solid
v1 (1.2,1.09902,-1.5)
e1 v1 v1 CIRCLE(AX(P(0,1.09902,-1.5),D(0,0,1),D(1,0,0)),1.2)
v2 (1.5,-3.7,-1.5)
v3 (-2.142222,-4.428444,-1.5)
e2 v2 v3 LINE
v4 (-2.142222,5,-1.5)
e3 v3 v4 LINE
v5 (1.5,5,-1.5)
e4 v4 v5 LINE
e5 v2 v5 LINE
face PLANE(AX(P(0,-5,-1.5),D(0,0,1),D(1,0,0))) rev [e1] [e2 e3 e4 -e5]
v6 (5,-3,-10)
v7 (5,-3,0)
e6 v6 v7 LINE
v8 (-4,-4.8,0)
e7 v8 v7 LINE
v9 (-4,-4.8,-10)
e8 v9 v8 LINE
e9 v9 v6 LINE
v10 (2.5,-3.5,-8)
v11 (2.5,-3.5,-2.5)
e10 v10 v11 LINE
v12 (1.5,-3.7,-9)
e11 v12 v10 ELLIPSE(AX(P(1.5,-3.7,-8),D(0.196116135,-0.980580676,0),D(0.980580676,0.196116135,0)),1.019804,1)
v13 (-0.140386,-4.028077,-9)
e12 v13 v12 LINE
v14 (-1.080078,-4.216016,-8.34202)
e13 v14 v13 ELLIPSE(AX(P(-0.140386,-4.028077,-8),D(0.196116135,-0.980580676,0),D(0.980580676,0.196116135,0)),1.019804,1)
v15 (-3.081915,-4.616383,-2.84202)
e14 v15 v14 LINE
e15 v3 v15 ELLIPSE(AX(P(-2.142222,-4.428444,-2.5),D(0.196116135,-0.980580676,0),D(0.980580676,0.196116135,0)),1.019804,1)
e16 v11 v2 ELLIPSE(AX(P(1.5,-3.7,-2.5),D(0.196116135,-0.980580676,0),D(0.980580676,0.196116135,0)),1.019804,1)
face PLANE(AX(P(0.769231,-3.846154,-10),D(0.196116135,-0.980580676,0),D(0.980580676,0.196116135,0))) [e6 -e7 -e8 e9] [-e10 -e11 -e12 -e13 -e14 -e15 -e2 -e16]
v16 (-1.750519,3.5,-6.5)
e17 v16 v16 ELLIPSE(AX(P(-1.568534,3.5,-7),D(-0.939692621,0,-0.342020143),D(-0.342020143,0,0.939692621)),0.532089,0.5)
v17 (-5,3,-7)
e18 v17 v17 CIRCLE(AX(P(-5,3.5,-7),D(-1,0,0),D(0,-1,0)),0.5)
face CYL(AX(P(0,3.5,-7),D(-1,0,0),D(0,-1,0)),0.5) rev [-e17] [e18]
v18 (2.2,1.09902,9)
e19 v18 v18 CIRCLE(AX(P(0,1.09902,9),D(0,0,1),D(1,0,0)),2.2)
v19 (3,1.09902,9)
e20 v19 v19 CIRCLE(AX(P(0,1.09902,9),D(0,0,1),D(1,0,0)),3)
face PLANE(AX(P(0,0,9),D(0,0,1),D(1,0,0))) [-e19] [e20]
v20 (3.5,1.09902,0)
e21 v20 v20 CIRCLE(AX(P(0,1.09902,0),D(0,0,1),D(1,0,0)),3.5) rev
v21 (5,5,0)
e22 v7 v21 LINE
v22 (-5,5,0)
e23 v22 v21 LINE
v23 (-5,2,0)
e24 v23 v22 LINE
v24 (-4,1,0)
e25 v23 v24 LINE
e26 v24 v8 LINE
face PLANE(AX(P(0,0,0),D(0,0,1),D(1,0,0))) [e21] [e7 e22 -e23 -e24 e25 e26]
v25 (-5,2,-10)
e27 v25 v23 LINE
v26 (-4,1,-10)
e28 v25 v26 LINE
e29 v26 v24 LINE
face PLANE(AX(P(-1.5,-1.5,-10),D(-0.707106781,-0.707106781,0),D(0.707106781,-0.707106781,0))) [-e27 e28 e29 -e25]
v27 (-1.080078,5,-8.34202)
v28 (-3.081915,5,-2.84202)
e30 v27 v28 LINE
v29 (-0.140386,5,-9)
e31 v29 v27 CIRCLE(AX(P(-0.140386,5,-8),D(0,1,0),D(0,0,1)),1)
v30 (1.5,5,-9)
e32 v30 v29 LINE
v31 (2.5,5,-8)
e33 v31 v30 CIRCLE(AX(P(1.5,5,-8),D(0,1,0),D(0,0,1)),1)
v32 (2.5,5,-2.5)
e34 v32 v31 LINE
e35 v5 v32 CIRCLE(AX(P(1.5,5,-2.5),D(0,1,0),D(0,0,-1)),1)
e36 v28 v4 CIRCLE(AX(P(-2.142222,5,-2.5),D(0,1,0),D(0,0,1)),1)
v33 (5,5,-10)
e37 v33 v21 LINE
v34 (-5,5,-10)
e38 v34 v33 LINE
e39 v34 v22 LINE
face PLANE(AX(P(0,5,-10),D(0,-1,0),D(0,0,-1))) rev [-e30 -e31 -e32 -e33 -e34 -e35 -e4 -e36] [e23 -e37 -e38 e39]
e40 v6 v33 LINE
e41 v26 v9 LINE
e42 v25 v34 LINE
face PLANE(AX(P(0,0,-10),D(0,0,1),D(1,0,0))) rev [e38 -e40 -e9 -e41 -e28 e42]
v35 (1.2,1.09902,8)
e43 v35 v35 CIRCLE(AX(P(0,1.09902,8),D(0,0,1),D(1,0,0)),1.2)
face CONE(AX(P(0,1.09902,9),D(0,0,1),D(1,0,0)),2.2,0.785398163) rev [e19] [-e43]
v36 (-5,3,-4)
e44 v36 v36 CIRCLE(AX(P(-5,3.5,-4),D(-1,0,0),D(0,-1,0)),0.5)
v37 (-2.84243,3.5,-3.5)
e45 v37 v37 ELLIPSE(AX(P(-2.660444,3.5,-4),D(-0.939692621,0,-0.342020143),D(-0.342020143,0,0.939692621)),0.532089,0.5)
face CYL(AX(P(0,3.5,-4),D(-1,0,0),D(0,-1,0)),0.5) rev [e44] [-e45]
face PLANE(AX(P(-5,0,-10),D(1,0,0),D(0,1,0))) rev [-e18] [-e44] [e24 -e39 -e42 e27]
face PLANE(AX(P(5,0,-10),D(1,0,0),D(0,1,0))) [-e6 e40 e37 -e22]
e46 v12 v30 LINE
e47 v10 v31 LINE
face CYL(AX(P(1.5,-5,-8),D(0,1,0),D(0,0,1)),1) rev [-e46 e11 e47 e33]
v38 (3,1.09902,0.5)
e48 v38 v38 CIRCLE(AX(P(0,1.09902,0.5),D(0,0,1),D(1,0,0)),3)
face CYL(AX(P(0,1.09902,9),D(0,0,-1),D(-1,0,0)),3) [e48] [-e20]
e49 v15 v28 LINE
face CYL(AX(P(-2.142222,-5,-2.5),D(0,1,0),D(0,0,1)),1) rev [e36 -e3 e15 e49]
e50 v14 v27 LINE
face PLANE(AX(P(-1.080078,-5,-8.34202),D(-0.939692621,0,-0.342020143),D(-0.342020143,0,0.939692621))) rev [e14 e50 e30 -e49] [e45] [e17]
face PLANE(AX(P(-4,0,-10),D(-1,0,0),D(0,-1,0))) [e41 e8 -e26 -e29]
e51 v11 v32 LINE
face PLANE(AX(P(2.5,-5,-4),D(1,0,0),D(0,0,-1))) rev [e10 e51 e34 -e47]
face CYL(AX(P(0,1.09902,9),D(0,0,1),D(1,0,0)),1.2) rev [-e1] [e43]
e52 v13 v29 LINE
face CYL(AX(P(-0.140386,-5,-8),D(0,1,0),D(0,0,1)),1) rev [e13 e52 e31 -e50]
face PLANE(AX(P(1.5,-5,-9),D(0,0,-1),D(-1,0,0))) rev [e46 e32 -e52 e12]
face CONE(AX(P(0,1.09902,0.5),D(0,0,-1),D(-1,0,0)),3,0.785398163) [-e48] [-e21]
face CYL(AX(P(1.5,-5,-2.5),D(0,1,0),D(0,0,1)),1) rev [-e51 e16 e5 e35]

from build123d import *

# Parameters (mm, degrees)
SKETCH1_R                                       = 3
BOSS_EXTRUDE1_DEPTH                             = 10
SKETCH1_3_R                                     = 3
BOSS_EXTRUDE2_DEPTH                             = 9
CUT_EXTRUDE1_DEPTH                              = 10
SKETCH2_R                                       = 0.5
CUT_EXTRUDE2_DEPTH                              = 5
CHAMFER1_SIZE                                   = 0.5
CSK_FOR_M2_FLAT_HEAD_MACHINE_SCREW1_D           = 2.4
CSK_FOR_M2_FLAT_HEAD_MACHINE_SCREW1_DEPTH       = 10.5
CSK_FOR_M2_FLAT_HEAD_MACHINE_SCREW1_CSINK_D     = 4.4
CSK_FOR_M2_FLAT_HEAD_MACHINE_SCREW1_CSINK_ANGLE = 90


with BuildPart() as part:
    # Sketch1 → Boss-Extrude1 (new body)
    # profile 1 of 3: a face of its own
    with BuildSketch(Plane.XY):
        Polygon((-4, 1), (-4, -4.8), (5, -3), (5, 5), (-4, 5), align=None)
        with Locations((0, 1.099019514)):
            Circle(SKETCH1_R, mode=Mode.SUBTRACT)
    # profile 2 of 3: a face of its own
    with BuildSketch(Plane.XY):
        Polygon((-5, 2), (-4, 1), (-4, 5), (-5, 5), align=None)
    # profile 3 of 3: a face of its own
    with BuildSketch(Plane.XY):
        with Locations((0, 1.099019514)):
            Circle(SKETCH1_R)
    extrude(amount=-BOSS_EXTRUDE1_DEPTH)

    # Sketch1<3> → Boss-Extrude2 (add)
    with BuildSketch(Plane.XY):
        with Locations((0, 1.099019514)):
            Circle(SKETCH1_3_R)
    extrude(amount=BOSS_EXTRUDE2_DEPTH)

    # Sketch5 → Cut-Extrude1 (cut)
    with BuildSketch(Plane(origin=(0, 5, 0), x_dir=(1, 0, 0), z_dir=(0, 1, 0))):
        with BuildLine():
            Line((1.5, 9), (-0.140385722, 9))
            ThreePointArc((-0.140385722, 9), (-0.713962158, 8.819152044), (-1.080078342, 8.342020143))
            Line((-1.080078342, 8.342020143), (-3.081914631, 2.842020143))
            ThreePointArc((-3.081914631, 2.842020143), (-2.961374054, 1.926423564), (-2.14222201, 1.5))
            Line((-2.14222201, 1.5), (0, 1.5))
            Line((0, 1.5), (1.5, 1.5))
            ThreePointArc((1.5, 1.5), (2.207106781, 1.792893219), (2.5, 2.5))
            Line((2.5, 2.5), (2.5, 4))
            Line((2.5, 4), (2.5, 8))
            ThreePointArc((2.5, 8), (2.207106781, 8.707106781), (1.5, 9))
        make_face()
    extrude(amount=-CUT_EXTRUDE1_DEPTH, mode=Mode.SUBTRACT)

    # Sketch2 → Cut-Extrude2 (cut)
    with BuildSketch(Plane.ZY.offset(5)):
        with Locations(Location((-7, 3.5, 0), (0, 0, 270))):
            Circle(SKETCH2_R)
        with Locations(Location((-4, 3.5, 0), (0, 0, 270))):
            Circle(SKETCH2_R)
    extrude(amount=-CUT_EXTRUDE2_DEPTH, mode=Mode.SUBTRACT)

    # Chamfer1
    chamfer1_edges = [part.edges().sort_by_distance(p)[0] for p in [
        (-3, 1.099019514, 0),
    ]]
    chamfer(chamfer1_edges, length=CHAMFER1_SIZE)

    # CSK for M2 Flat Head Machine Screw1
    with Locations(Plane.XY.offset(9)):
        with Locations((0, 1.099019514)):
            CounterSinkHole(CSK_FOR_M2_FLAT_HEAD_MACHINE_SCREW1_D / 2, CSK_FOR_M2_FLAT_HEAD_MACHINE_SCREW1_CSINK_D / 2, depth=CSK_FOR_M2_FLAT_HEAD_MACHINE_SCREW1_DEPTH, counter_sink_angle=CSK_FOR_M2_FLAT_HEAD_MACHINE_SCREW1_CSINK_ANGLE)


solid = part.part
